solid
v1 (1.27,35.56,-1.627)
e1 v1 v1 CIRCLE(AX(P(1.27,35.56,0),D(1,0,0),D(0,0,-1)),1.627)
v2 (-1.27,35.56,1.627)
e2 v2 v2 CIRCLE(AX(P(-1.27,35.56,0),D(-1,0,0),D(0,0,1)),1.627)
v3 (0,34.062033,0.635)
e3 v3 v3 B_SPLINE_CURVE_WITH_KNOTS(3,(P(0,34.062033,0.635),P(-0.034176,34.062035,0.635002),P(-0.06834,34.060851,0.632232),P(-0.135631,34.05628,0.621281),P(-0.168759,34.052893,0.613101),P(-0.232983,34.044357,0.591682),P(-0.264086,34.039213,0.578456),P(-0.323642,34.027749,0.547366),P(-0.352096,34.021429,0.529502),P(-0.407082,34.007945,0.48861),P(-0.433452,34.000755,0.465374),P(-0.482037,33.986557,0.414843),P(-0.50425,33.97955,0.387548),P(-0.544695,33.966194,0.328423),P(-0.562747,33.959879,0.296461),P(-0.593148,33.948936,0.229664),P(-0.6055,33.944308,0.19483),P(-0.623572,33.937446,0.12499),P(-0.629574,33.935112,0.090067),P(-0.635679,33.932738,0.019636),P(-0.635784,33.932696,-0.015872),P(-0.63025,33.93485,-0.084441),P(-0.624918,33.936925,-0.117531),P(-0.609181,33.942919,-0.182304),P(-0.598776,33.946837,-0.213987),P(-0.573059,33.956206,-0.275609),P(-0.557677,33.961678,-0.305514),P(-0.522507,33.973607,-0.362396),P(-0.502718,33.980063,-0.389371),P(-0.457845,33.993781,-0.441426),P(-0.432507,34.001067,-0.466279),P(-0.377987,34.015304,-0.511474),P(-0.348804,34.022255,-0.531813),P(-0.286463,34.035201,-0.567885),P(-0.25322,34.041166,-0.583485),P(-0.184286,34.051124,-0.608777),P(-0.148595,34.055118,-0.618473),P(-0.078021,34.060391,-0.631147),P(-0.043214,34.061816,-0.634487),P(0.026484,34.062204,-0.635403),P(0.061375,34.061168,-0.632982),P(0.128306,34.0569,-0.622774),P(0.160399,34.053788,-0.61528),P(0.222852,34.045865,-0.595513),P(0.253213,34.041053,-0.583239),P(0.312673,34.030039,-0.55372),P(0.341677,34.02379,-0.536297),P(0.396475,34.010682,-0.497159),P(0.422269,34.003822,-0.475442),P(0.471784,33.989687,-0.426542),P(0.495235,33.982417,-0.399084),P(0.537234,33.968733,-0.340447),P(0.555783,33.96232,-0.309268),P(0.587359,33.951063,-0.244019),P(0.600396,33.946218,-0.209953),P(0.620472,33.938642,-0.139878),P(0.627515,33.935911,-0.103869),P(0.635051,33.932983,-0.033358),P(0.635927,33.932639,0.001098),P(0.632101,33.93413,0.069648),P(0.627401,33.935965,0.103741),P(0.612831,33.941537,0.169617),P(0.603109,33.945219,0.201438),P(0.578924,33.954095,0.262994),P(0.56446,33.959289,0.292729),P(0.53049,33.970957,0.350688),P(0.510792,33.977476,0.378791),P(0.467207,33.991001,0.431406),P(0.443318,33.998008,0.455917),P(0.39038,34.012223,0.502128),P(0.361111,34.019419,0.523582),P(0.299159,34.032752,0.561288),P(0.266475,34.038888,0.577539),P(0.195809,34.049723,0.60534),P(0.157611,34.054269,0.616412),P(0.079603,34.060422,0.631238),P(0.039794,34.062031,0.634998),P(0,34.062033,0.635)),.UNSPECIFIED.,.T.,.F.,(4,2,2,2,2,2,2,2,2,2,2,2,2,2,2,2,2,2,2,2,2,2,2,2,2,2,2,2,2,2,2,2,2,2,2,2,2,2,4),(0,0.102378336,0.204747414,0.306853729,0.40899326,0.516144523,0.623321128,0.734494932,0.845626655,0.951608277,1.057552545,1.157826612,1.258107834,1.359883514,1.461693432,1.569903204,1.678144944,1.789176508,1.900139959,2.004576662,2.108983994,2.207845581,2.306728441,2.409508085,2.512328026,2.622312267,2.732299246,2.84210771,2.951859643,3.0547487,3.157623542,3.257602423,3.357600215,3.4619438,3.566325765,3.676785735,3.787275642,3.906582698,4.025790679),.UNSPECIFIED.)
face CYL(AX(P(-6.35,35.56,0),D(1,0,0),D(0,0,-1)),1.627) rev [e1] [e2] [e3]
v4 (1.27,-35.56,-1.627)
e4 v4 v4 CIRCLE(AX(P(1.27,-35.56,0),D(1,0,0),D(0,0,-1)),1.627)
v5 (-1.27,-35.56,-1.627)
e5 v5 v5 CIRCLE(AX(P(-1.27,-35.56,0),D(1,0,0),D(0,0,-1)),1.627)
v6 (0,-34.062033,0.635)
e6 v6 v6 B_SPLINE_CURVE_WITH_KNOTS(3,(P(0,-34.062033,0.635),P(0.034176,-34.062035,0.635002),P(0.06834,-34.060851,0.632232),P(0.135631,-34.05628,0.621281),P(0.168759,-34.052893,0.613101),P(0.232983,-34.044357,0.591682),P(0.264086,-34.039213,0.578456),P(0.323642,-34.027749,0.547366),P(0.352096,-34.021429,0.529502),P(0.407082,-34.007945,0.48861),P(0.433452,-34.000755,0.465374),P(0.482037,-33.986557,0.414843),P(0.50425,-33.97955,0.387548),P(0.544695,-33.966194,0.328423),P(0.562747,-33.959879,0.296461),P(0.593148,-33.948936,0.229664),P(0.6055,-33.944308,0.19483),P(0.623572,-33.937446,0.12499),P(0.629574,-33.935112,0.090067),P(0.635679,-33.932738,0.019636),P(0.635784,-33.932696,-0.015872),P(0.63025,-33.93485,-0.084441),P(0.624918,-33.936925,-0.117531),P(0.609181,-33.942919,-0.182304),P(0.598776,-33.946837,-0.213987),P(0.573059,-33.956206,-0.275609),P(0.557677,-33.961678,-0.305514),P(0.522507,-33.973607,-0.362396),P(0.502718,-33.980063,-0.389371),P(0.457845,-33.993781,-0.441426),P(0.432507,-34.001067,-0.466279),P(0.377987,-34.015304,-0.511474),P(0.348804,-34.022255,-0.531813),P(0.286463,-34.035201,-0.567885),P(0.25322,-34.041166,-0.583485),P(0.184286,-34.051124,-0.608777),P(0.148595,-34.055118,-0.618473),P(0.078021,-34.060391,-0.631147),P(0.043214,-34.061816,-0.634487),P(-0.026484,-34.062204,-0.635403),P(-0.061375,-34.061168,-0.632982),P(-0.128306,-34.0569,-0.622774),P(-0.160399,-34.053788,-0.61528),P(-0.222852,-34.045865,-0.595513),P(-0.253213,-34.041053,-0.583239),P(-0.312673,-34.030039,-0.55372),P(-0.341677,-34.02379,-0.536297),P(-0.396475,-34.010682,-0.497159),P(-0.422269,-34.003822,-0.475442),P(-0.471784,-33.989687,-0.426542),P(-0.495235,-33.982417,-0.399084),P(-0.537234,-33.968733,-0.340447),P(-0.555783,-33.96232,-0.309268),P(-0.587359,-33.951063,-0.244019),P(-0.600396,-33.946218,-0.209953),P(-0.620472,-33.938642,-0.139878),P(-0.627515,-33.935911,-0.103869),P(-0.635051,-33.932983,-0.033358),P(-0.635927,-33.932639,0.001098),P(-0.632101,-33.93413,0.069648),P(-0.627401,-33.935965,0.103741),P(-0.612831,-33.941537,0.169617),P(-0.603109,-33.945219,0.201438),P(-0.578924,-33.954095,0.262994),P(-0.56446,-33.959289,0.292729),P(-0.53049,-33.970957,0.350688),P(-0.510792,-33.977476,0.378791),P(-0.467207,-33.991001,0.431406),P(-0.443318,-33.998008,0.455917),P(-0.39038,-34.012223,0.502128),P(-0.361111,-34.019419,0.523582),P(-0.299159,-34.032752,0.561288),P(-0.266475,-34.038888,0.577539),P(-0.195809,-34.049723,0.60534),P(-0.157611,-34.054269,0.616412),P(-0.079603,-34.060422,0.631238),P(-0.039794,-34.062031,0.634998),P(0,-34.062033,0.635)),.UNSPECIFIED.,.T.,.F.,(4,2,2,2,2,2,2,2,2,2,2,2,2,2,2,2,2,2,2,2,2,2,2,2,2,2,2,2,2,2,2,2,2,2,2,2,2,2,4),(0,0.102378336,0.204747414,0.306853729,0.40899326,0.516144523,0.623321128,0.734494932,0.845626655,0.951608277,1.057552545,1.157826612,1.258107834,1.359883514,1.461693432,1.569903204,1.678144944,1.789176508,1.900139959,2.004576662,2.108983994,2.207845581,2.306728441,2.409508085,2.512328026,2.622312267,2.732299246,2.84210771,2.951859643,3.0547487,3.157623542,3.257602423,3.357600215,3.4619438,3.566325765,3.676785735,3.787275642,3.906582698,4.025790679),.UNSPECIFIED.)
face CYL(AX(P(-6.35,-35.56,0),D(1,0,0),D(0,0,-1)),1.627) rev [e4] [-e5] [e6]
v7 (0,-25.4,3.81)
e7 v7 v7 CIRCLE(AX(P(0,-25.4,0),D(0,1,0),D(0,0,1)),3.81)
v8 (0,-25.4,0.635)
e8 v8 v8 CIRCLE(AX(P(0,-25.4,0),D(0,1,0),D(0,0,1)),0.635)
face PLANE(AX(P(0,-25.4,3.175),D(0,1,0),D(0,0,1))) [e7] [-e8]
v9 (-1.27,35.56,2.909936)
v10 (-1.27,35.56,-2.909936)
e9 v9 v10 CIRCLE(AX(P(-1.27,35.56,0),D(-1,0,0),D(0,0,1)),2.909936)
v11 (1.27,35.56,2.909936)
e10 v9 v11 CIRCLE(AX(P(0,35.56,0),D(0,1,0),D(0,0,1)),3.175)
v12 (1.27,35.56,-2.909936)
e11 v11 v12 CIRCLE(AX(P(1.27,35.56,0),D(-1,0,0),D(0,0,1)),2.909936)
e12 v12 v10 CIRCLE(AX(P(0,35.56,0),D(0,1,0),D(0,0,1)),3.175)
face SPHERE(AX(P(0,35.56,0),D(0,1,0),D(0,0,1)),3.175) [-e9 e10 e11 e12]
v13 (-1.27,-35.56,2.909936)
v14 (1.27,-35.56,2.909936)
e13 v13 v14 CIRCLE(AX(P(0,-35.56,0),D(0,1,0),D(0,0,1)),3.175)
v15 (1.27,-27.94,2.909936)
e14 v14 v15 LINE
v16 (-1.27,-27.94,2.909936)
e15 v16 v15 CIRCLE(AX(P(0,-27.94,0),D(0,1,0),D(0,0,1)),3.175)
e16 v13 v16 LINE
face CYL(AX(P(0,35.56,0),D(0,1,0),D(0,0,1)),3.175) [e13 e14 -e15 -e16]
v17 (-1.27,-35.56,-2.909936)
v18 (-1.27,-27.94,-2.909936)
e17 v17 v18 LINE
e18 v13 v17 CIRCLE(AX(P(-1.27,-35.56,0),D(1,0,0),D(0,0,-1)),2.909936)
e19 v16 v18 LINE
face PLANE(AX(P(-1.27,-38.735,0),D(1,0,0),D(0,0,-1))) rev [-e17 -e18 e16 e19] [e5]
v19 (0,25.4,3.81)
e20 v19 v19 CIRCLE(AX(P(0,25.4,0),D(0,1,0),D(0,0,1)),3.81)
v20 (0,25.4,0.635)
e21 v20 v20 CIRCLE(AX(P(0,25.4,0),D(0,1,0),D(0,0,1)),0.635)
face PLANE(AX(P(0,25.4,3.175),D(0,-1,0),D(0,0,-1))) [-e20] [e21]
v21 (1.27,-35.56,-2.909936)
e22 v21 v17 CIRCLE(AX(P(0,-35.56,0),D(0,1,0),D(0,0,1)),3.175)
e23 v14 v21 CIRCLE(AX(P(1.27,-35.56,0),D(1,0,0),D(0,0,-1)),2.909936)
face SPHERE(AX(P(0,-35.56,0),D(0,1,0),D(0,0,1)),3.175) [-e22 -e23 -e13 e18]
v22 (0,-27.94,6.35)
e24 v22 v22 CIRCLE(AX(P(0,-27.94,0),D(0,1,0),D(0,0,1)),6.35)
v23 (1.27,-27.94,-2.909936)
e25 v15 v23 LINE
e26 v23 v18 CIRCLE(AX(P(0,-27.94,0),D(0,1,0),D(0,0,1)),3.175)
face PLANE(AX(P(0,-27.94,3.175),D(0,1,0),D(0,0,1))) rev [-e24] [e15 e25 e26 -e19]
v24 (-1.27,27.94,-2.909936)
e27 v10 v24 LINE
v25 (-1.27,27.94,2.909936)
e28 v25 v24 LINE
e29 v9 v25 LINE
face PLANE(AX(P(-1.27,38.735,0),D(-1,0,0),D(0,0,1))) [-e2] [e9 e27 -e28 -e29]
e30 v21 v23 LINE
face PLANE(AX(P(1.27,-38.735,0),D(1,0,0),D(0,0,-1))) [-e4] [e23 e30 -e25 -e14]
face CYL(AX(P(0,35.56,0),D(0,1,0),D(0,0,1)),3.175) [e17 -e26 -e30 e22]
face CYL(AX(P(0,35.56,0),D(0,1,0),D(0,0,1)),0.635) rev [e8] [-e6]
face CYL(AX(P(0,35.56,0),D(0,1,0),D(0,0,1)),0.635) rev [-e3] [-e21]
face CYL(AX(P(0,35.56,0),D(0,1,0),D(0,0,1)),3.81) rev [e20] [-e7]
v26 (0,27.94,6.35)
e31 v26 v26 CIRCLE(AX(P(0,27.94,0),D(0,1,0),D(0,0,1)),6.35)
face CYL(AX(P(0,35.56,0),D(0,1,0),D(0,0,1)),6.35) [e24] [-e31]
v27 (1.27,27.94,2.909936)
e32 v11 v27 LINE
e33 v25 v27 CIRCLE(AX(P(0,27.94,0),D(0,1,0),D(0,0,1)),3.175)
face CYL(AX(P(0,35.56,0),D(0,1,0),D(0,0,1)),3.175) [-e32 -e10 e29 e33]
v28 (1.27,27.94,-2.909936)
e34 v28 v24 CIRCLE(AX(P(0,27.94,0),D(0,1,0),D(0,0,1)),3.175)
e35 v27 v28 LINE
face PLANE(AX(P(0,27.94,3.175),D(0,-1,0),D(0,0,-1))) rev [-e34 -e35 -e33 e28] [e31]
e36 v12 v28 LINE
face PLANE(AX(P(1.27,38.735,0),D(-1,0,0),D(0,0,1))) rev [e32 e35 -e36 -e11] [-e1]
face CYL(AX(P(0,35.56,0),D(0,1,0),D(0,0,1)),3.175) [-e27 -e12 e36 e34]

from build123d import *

# Parameters (mm, degrees)
CUT_EXTRUDE2_DEPTH = 68.277043819
SKETCH4_R          = 1.627
CUT_EXTRUDE3_DEPTH = 40.984836188


with BuildPart() as part:
    # Sketch1 → Revolve-Thin1 (revolve)
    with BuildSketch(Plane(origin=(0, 0, 0), x_dir=(0, 0, -1), z_dir=(1, 0, 0))):
        with BuildLine():
            ThreePointArc((0, 38.735), (-2.24506403, 37.80506403), (-3.175, 35.56))
            Line((-3.175, 35.56), (-3.175, 27.94))
            Line((-3.175, 27.94), (-6.35, 27.94))
            Line((-6.35, 27.94), (-6.35, -27.94))
            Line((-6.35, -27.94), (-3.175, -27.94))
            Line((-3.175, -27.94), (-3.175, -35.56))
            ThreePointArc((-3.175, -35.56), (-2.24506403, -37.80506403), (0, -38.735))
            Line((0, -38.735), (0, -36.195))
            ThreePointArc((0, -36.195), (-0.449012806, -36.009012806), (-0.635, -35.56))
            Line((-0.635, -35.56), (-0.635, -25.4))
            Line((-0.635, -25.4), (-3.81, -25.4))
            Line((-3.81, -25.4), (-3.81, 25.4))
            Line((-3.81, 25.4), (-0.635, 25.4))
            Line((-0.635, 25.4), (-0.635, 35.56))
            ThreePointArc((-0.635, 35.56), (-0.449012806, 36.009012806), (0, 36.195))
            Line((0, 36.195), (0, 38.735))
        make_face()
    revolve(axis=Axis((0, 35.56, 0), (0, -1, 0)))

    # Sketch3 → Cut-Extrude2 (cut, through all)
    with BuildSketch(Plane(origin=(0, 27.94, 0), x_dir=(1, 0, 0), z_dir=(0, 1, 0))):
        with BuildLine():
            ThreePointArc((-1.27, 2.909935566), (-3.175, 0), (-1.27, -2.909935566))
            Line((-1.27, -2.909935566), (-1.27, 2.909935566))
        make_face()
        with BuildLine():
            Line((1.27, 2.909935566), (1.27, -2.909935566))
            ThreePointArc((1.27, -2.909935566), (2.656395584, -1.73901912), (3.175, 0))
            ThreePointArc((3.175, 0), (2.656395584, 1.73901912), (1.27, 2.909935566))
        make_face()
    cut_extrude2 = extrude(amount=CUT_EXTRUDE2_DEPTH, mode=Mode.SUBTRACT)

    # Mirror1: Cut-Extrude2 across plane
    add(cut_extrude2.mirror(Plane.ZX), mode=Mode.SUBTRACT)

    # Sketch4 → Cut-Extrude3 (cut, through all)
    with BuildSketch(Plane(origin=(1.27, 0, 0), x_dir=(0, 0, -1), z_dir=(1, 0, 0))):
        with Locations((0, 35.56)):
            Circle(SKETCH4_R)
        with Locations((0, -35.56)):
            Circle(SKETCH4_R)
    extrude(amount=-CUT_EXTRUDE3_DEPTH, mode=Mode.SUBTRACT)


solid = part.part
